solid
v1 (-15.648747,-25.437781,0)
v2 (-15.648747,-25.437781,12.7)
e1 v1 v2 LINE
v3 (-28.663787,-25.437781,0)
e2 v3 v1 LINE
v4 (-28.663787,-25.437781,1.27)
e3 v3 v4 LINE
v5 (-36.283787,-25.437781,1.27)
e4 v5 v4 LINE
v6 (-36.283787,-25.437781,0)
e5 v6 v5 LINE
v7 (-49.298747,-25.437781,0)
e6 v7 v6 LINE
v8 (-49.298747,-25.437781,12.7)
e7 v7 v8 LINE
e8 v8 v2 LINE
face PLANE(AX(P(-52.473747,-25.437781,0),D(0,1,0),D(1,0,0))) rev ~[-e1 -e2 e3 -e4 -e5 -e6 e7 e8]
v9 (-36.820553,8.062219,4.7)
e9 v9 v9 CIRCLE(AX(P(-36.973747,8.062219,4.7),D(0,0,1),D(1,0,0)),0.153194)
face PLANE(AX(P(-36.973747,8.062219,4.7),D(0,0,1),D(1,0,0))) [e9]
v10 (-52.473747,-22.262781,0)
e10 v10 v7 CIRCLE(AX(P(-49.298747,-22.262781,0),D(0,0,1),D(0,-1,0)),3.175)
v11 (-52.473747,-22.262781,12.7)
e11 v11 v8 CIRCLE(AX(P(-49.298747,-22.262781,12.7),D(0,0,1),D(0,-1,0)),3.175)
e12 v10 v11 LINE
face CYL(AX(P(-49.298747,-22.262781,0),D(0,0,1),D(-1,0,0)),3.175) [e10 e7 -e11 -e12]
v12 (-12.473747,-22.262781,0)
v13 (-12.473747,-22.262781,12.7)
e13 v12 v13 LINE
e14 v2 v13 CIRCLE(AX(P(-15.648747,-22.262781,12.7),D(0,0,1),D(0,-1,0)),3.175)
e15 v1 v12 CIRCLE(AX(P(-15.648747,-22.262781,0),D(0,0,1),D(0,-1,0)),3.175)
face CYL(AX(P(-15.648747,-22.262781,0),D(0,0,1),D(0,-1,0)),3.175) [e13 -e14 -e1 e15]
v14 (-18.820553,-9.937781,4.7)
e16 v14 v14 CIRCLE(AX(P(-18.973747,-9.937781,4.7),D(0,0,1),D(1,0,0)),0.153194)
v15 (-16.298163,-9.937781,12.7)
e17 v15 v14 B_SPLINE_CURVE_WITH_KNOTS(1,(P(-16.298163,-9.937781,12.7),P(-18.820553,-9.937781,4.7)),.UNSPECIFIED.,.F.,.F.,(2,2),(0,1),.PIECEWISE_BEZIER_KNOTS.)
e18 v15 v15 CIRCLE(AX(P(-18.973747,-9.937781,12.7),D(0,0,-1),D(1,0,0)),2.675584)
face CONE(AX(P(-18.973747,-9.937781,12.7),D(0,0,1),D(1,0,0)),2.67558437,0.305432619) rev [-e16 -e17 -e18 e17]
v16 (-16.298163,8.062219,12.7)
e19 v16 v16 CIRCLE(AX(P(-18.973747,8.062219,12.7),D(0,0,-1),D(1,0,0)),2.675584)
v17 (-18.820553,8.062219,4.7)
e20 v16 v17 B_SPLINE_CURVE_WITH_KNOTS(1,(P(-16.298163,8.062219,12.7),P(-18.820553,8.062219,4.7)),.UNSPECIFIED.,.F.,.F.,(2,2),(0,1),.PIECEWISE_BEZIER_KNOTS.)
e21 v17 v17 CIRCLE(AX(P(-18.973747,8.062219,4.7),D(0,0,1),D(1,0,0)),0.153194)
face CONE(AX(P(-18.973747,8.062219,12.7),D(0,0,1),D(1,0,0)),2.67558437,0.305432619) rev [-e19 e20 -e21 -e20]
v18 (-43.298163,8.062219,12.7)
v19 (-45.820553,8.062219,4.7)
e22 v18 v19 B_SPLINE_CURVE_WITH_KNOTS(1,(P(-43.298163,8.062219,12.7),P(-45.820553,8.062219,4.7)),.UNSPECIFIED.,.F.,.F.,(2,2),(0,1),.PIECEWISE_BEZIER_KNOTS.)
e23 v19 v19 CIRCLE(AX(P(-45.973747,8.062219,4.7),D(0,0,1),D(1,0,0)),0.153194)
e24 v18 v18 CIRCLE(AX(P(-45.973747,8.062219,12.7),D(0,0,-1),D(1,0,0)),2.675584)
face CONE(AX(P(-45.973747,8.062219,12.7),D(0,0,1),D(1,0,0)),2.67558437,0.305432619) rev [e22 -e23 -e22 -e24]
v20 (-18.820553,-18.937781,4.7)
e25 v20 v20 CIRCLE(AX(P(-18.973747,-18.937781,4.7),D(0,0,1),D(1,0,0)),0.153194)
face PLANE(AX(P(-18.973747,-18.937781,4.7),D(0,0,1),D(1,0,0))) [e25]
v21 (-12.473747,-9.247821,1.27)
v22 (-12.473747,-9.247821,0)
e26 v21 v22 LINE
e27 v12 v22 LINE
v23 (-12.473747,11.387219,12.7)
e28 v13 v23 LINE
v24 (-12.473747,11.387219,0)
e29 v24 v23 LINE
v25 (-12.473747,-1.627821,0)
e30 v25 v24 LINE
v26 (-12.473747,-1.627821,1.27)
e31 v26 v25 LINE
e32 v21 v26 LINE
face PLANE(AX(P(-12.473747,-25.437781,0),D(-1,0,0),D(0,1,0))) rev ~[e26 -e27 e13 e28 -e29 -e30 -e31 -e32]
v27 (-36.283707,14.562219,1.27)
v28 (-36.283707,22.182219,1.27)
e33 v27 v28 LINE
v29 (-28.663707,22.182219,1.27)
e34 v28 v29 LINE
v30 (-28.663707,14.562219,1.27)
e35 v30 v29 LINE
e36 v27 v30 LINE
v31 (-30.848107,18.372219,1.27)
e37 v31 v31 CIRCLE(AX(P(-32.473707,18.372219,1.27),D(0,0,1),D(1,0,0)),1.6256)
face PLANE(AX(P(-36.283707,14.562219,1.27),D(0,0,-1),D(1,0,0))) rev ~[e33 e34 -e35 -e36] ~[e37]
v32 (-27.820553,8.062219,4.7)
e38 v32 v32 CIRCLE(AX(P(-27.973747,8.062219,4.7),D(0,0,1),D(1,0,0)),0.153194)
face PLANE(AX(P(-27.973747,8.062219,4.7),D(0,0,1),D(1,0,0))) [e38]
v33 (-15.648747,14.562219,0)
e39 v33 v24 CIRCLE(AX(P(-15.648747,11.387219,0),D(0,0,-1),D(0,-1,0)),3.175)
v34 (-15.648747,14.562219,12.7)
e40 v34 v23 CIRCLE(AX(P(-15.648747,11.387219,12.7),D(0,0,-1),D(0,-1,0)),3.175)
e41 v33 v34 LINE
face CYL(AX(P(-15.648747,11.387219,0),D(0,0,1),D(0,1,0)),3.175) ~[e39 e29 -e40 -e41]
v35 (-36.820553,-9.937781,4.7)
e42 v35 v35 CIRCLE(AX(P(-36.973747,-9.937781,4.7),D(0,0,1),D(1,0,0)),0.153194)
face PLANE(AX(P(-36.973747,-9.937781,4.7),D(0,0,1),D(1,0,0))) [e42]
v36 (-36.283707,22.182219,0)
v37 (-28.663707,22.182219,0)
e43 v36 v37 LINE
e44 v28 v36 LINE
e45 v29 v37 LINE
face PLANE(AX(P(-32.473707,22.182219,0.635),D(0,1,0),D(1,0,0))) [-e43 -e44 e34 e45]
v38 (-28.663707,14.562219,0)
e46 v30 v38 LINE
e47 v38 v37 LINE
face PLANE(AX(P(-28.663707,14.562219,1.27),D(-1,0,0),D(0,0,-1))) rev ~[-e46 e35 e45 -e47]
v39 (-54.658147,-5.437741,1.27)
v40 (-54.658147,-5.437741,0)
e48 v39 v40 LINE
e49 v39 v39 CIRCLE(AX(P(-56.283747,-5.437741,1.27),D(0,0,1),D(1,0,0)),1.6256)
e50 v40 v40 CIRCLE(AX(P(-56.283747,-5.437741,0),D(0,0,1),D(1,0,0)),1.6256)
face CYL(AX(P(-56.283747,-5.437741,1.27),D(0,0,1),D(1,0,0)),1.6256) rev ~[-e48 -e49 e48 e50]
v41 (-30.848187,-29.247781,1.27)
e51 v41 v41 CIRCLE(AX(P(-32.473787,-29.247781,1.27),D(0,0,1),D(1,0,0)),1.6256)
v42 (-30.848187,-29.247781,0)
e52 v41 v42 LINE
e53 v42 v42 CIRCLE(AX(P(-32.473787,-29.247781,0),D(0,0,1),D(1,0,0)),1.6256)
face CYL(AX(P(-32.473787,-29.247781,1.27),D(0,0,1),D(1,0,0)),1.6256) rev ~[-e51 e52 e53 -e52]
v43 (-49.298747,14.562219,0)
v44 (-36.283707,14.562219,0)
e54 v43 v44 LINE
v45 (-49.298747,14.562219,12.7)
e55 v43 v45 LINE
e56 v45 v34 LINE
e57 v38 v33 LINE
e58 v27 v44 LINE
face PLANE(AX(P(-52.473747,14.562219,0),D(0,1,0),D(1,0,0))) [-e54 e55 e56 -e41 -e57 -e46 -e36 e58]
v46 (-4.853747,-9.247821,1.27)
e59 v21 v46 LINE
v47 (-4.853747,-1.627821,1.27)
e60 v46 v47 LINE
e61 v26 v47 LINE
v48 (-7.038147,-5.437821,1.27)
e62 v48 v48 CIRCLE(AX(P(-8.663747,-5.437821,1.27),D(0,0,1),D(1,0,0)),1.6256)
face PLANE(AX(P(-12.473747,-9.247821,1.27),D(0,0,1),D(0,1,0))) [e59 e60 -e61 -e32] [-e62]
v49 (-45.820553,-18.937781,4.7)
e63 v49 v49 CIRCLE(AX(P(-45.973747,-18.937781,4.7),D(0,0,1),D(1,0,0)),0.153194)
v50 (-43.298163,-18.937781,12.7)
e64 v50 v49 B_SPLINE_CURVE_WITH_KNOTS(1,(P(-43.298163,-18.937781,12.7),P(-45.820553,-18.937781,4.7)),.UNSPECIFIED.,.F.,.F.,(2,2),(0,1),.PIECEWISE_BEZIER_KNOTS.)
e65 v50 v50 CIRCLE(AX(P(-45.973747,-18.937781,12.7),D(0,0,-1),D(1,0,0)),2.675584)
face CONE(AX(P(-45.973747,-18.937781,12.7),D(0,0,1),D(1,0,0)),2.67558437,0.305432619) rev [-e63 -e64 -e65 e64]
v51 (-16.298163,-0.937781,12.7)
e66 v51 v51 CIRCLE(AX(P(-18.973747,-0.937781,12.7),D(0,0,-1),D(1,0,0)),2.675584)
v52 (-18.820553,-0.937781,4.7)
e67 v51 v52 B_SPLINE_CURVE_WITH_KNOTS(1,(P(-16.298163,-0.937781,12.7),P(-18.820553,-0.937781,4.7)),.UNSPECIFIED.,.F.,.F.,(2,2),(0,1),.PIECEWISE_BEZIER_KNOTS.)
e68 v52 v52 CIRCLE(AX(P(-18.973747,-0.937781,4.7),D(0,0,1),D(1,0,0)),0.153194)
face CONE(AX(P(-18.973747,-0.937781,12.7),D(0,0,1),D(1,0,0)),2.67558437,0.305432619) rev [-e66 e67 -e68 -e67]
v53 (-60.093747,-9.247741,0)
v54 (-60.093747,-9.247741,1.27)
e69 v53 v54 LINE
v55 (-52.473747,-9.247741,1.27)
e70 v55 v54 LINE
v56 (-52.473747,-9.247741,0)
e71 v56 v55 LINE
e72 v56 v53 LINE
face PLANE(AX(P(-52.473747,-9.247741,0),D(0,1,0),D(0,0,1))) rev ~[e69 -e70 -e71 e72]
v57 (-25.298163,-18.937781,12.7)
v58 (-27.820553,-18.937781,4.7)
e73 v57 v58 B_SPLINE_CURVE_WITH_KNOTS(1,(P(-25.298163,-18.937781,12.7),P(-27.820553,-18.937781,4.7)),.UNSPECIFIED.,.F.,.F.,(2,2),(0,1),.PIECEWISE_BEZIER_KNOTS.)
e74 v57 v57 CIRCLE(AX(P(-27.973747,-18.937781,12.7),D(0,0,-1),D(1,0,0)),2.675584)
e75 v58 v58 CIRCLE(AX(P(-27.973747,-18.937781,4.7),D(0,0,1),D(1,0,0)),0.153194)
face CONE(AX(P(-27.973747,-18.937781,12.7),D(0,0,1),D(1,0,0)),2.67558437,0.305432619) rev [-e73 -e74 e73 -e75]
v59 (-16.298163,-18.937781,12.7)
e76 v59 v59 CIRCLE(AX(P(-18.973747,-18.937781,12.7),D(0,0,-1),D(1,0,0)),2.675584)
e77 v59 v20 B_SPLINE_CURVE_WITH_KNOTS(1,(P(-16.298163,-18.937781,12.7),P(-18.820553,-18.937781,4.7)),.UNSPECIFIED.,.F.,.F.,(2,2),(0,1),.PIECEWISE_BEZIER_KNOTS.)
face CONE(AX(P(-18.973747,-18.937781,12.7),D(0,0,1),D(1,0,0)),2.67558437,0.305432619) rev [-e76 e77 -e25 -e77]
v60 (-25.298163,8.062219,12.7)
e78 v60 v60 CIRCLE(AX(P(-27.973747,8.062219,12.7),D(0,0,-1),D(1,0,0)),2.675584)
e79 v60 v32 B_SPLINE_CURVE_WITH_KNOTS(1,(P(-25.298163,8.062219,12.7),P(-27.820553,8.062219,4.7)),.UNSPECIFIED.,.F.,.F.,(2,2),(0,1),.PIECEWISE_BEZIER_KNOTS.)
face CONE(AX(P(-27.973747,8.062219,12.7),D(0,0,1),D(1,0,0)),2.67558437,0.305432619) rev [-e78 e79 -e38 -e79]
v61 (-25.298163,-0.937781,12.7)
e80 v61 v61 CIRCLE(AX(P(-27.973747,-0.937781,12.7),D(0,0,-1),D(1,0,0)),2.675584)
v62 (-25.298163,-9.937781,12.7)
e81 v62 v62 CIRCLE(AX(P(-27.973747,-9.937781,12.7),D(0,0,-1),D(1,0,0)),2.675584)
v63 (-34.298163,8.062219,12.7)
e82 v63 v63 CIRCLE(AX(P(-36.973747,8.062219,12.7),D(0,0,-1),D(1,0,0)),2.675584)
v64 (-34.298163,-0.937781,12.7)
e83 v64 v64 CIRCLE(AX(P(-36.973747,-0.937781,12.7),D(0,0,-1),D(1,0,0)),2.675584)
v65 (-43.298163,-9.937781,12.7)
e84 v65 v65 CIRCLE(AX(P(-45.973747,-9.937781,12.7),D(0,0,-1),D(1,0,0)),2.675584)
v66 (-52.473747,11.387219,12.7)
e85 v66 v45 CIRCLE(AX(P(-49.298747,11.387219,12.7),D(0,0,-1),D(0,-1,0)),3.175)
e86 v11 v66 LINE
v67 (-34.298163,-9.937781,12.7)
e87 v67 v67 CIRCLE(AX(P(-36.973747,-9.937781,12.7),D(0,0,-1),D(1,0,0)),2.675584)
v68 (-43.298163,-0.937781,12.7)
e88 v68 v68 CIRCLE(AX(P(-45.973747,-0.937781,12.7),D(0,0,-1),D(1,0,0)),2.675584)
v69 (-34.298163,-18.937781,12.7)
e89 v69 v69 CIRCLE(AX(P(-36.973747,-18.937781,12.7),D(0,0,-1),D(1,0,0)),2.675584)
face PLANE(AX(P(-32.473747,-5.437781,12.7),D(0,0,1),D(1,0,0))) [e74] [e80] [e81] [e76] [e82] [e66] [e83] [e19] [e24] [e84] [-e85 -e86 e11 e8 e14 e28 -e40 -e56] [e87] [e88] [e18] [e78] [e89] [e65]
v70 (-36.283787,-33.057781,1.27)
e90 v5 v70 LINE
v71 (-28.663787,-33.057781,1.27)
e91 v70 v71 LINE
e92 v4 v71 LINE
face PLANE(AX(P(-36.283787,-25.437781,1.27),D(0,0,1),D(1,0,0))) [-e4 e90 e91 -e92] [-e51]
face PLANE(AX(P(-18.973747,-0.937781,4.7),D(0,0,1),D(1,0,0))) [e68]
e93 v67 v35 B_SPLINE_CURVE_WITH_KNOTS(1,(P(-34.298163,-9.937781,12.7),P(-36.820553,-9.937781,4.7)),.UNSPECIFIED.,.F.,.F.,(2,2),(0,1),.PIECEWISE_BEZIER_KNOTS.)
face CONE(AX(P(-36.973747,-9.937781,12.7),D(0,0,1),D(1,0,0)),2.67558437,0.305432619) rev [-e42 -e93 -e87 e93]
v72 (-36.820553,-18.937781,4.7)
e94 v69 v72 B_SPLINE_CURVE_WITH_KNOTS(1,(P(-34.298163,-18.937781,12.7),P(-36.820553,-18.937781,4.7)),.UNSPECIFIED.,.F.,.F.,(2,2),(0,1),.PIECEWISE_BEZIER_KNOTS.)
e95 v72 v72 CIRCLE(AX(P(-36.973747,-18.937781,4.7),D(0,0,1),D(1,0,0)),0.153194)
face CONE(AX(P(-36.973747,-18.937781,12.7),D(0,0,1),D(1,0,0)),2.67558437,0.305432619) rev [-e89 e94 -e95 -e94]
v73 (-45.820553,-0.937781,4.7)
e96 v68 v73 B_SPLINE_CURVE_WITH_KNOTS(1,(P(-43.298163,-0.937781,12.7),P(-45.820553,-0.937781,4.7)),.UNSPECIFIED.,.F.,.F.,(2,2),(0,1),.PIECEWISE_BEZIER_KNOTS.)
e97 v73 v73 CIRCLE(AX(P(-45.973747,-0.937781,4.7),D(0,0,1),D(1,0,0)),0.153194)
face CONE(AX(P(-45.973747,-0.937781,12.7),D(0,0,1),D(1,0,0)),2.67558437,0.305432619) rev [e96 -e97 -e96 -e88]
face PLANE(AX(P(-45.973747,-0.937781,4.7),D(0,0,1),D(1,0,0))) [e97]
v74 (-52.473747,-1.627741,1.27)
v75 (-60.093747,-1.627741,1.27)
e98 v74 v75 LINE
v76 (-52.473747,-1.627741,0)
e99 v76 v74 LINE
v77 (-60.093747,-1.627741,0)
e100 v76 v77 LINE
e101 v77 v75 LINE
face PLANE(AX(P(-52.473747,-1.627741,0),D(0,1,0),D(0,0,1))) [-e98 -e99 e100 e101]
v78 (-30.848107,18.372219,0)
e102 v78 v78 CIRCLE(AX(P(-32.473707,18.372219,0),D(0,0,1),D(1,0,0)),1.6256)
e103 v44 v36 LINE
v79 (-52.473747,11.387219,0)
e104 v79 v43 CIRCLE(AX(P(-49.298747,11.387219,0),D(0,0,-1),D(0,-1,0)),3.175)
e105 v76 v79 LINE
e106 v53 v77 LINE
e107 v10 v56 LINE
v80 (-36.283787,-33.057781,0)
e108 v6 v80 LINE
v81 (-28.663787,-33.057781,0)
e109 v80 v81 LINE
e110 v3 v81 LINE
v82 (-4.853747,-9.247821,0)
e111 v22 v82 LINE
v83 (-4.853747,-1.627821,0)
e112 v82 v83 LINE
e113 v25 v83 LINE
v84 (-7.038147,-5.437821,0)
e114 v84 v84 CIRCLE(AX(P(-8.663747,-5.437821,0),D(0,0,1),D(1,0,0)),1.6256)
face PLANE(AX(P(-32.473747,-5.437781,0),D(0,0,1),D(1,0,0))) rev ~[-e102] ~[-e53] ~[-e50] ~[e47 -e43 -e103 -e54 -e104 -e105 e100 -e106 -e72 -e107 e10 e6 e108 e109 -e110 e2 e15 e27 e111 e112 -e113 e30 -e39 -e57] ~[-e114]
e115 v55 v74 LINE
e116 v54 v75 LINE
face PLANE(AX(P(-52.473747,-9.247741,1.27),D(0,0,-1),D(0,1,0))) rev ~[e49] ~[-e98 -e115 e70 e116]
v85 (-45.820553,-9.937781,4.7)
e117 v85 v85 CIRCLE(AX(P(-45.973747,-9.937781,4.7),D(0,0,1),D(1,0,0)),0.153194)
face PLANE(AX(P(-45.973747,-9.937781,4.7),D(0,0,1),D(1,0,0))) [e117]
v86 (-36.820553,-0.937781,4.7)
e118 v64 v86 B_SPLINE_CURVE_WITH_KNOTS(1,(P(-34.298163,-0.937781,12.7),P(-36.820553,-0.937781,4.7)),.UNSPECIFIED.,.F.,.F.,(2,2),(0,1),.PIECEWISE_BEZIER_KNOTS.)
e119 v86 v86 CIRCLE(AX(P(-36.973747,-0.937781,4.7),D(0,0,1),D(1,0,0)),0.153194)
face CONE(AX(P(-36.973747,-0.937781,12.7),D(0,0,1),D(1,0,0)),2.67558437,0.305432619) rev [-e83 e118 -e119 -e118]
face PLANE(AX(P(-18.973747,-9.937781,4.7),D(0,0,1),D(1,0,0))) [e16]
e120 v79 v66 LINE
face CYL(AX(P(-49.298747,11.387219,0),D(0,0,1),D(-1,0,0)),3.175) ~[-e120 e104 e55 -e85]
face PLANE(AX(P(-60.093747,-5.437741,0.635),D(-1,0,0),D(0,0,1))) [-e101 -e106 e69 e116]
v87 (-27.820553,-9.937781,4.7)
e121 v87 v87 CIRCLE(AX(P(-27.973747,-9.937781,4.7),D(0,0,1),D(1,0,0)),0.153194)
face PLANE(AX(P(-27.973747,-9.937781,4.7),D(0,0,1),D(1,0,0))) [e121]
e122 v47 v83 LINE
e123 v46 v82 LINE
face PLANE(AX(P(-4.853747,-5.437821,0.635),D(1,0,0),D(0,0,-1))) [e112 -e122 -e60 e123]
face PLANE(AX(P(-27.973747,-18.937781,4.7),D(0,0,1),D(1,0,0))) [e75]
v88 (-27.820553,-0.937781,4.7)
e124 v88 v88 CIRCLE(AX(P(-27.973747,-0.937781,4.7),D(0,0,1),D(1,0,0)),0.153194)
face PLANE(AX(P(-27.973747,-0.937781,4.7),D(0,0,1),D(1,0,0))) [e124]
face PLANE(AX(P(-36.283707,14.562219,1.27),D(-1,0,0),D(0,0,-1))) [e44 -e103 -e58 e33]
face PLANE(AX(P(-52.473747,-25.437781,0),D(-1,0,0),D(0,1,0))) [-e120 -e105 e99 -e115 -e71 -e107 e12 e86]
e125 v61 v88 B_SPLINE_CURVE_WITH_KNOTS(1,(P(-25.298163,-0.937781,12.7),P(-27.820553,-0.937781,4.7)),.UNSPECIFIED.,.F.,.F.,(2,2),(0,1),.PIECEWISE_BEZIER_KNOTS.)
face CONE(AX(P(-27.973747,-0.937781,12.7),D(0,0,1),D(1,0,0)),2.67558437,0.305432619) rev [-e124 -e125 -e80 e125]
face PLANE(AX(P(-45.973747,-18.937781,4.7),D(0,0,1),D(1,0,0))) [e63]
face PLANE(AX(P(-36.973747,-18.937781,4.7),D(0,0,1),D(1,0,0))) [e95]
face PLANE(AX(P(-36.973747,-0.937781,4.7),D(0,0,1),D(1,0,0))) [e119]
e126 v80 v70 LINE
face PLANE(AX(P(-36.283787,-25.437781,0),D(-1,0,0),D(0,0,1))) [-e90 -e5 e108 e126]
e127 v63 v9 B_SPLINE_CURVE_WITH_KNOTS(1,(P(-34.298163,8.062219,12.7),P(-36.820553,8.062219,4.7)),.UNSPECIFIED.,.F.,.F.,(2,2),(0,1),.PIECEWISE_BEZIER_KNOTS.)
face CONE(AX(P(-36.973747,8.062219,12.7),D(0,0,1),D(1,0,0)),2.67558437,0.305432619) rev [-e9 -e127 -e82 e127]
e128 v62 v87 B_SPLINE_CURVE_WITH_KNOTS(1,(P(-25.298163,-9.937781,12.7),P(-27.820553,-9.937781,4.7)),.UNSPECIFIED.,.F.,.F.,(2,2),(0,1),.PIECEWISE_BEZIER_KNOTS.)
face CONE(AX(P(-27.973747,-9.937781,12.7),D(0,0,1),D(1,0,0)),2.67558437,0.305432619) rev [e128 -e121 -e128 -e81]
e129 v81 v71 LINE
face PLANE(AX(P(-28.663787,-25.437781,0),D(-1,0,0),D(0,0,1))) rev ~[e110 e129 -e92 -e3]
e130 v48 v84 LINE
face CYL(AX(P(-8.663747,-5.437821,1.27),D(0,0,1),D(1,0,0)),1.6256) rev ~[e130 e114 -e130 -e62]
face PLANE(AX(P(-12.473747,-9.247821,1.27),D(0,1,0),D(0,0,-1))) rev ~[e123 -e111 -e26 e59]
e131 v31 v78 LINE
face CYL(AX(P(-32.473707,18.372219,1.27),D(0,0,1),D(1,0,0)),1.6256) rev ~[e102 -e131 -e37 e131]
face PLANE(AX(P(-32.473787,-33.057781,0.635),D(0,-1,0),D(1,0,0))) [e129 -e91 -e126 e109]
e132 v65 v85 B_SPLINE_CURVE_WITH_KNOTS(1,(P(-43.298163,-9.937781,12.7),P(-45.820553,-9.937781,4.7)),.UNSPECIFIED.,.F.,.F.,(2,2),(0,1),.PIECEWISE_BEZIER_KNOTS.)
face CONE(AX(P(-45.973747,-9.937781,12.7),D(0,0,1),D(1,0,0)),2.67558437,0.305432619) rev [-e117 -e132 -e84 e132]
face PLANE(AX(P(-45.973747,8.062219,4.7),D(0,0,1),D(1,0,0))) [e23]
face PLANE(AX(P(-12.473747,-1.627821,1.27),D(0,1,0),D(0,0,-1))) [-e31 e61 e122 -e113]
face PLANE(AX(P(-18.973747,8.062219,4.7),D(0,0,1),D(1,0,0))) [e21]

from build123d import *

# Parameters (mm, degrees)
SKETCH1_W           = 40
SKETCH1_H           = 40
BOSS_EXTRUDE1_DEPTH = 12.7
SKETCH2_R           = 2.67558437
CUT_EXTRUDE1_DEPTH  = 8
CUT_EXTRUDE1_TAPER  = 17.5
FILLET1_R           = 3.175
SKETCH3_W           = 7.62
SKETCH3_H           = 1.27
BOSS_EXTRUDE2_DEPTH = 7.62
SKETCH4_W           = 1.27
SKETCH4_H           = 7.62
BOSS_EXTRUDE3_DEPTH = 7.62
SKETCH5_W           = 1.27
SKETCH5_H           = 7.62
BOSS_EXTRUDE4_DEPTH = 7.62
SKETCH6_W           = 7.62
SKETCH6_H           = 1.27
BOSS_EXTRUDE5_DEPTH = 7.62
SKETCH7_R           = 1.6256
CUT_EXTRUDE2_DEPTH  = 7.62


with BuildPart() as part:
    # Sketch1 → Boss-Extrude1 (new body)
    with BuildSketch(Plane.XY):
        with Locations((-32.473746891, -5.437780853)):
            Rectangle(SKETCH1_W, SKETCH1_H)
    extrude(amount=BOSS_EXTRUDE1_DEPTH)

    # Sketch2 → Cut-Extrude1 (cut)
    with BuildSketch(Plane.XY.offset(12.7)):
        with Locations((-45.973746891, 8.062219147)):
            Circle(SKETCH2_R)
        with Locations((-36.973746891, 8.062219147)):
            Circle(SKETCH2_R)
        with Locations((-27.973746891, 8.062219147)):
            Circle(SKETCH2_R)
        with Locations((-18.973746891, 8.062219147)):
            Circle(SKETCH2_R)
        with Locations((-45.973746891, -0.937780853)):
            Circle(SKETCH2_R)
        with Locations((-36.973746891, -0.937780853)):
            Circle(SKETCH2_R)
        with Locations((-27.973746891, -0.937780853)):
            Circle(SKETCH2_R)
        with Locations((-18.973746891, -0.937780853)):
            Circle(SKETCH2_R)
        with Locations((-45.973746891, -9.937780853)):
            Circle(SKETCH2_R)
        with Locations((-36.973746891, -9.937780853)):
            Circle(SKETCH2_R)
        with Locations((-27.973746891, -9.937780853)):
            Circle(SKETCH2_R)
        with Locations((-18.973746891, -9.937780853)):
            Circle(SKETCH2_R)
        with Locations((-45.973746891, -18.937780853)):
            Circle(SKETCH2_R)
        with Locations((-36.973746891, -18.937780853)):
            Circle(SKETCH2_R)
        with Locations((-27.973746891, -18.937780853)):
            Circle(SKETCH2_R)
        with Locations((-18.973746891, -18.937780853)):
            Circle(SKETCH2_R)
    extrude(amount=-CUT_EXTRUDE1_DEPTH, taper=CUT_EXTRUDE1_TAPER, mode=Mode.SUBTRACT)

    # Fillet1
    fillet1_edges = [part.edges().sort_by_distance(p)[0] for p in [
        (-52.473746891, 14.562219147, 6.35),
        (-12.473746891, 14.562219147, 6.35),
        (-12.473746891, -25.437780853, 6.35),
        (-52.473746891, -25.437780853, 6.35),
    ]]
    fillet(fillet1_edges, radius=FILLET1_R)

    # Sketch3 → Boss-Extrude2 (add)
    with BuildSketch(Plane(origin=(0, 14.562219147, 0), x_dir=(1, 0, 0), z_dir=(0, 1, 0))):
        with Locations((-32.473706891, -0.635)):
            Rectangle(SKETCH3_W, SKETCH3_H)
    extrude(amount=BOSS_EXTRUDE2_DEPTH)

    # Sketch4 → Boss-Extrude3 (add)
    with BuildSketch(Plane(origin=(-12.473746891, 0, 0), x_dir=(0, 0, -1), z_dir=(1, 0, 0))):
        with Locations((-0.635, -5.437820853)):
            Rectangle(SKETCH4_W, SKETCH4_H)
    extrude(amount=BOSS_EXTRUDE3_DEPTH)

    # Sketch5 → Boss-Extrude4 (add)
    with BuildSketch(Plane.ZY.offset(52.473746891)):
        with Locations((0.635, -5.437740853)):
            Rectangle(SKETCH5_W, SKETCH5_H)
    extrude(amount=BOSS_EXTRUDE4_DEPTH)

    # Sketch6 → Boss-Extrude5 (add)
    with BuildSketch(Plane.XZ.offset(25.437780853)):
        with Locations((-32.473786891, 0.635)):
            Rectangle(SKETCH6_W, SKETCH6_H)
    extrude(amount=BOSS_EXTRUDE5_DEPTH)

    # Sketch7 → Cut-Extrude2 (cut)
    with BuildSketch(Plane.XY.offset(1.27)):
        with Locations((-32.473786891, -29.247780853)):
            Circle(SKETCH7_R)
        with Locations((-56.283746891, -5.437740853)):
            Circle(SKETCH7_R)
        with Locations((-8.663746891, -5.437820853)):
            Circle(SKETCH7_R)
        with Locations((-32.473706891, 18.372219147)):
            Circle(SKETCH7_R)
    extrude(amount=-CUT_EXTRUDE2_DEPTH, mode=Mode.SUBTRACT)


solid = part.part
